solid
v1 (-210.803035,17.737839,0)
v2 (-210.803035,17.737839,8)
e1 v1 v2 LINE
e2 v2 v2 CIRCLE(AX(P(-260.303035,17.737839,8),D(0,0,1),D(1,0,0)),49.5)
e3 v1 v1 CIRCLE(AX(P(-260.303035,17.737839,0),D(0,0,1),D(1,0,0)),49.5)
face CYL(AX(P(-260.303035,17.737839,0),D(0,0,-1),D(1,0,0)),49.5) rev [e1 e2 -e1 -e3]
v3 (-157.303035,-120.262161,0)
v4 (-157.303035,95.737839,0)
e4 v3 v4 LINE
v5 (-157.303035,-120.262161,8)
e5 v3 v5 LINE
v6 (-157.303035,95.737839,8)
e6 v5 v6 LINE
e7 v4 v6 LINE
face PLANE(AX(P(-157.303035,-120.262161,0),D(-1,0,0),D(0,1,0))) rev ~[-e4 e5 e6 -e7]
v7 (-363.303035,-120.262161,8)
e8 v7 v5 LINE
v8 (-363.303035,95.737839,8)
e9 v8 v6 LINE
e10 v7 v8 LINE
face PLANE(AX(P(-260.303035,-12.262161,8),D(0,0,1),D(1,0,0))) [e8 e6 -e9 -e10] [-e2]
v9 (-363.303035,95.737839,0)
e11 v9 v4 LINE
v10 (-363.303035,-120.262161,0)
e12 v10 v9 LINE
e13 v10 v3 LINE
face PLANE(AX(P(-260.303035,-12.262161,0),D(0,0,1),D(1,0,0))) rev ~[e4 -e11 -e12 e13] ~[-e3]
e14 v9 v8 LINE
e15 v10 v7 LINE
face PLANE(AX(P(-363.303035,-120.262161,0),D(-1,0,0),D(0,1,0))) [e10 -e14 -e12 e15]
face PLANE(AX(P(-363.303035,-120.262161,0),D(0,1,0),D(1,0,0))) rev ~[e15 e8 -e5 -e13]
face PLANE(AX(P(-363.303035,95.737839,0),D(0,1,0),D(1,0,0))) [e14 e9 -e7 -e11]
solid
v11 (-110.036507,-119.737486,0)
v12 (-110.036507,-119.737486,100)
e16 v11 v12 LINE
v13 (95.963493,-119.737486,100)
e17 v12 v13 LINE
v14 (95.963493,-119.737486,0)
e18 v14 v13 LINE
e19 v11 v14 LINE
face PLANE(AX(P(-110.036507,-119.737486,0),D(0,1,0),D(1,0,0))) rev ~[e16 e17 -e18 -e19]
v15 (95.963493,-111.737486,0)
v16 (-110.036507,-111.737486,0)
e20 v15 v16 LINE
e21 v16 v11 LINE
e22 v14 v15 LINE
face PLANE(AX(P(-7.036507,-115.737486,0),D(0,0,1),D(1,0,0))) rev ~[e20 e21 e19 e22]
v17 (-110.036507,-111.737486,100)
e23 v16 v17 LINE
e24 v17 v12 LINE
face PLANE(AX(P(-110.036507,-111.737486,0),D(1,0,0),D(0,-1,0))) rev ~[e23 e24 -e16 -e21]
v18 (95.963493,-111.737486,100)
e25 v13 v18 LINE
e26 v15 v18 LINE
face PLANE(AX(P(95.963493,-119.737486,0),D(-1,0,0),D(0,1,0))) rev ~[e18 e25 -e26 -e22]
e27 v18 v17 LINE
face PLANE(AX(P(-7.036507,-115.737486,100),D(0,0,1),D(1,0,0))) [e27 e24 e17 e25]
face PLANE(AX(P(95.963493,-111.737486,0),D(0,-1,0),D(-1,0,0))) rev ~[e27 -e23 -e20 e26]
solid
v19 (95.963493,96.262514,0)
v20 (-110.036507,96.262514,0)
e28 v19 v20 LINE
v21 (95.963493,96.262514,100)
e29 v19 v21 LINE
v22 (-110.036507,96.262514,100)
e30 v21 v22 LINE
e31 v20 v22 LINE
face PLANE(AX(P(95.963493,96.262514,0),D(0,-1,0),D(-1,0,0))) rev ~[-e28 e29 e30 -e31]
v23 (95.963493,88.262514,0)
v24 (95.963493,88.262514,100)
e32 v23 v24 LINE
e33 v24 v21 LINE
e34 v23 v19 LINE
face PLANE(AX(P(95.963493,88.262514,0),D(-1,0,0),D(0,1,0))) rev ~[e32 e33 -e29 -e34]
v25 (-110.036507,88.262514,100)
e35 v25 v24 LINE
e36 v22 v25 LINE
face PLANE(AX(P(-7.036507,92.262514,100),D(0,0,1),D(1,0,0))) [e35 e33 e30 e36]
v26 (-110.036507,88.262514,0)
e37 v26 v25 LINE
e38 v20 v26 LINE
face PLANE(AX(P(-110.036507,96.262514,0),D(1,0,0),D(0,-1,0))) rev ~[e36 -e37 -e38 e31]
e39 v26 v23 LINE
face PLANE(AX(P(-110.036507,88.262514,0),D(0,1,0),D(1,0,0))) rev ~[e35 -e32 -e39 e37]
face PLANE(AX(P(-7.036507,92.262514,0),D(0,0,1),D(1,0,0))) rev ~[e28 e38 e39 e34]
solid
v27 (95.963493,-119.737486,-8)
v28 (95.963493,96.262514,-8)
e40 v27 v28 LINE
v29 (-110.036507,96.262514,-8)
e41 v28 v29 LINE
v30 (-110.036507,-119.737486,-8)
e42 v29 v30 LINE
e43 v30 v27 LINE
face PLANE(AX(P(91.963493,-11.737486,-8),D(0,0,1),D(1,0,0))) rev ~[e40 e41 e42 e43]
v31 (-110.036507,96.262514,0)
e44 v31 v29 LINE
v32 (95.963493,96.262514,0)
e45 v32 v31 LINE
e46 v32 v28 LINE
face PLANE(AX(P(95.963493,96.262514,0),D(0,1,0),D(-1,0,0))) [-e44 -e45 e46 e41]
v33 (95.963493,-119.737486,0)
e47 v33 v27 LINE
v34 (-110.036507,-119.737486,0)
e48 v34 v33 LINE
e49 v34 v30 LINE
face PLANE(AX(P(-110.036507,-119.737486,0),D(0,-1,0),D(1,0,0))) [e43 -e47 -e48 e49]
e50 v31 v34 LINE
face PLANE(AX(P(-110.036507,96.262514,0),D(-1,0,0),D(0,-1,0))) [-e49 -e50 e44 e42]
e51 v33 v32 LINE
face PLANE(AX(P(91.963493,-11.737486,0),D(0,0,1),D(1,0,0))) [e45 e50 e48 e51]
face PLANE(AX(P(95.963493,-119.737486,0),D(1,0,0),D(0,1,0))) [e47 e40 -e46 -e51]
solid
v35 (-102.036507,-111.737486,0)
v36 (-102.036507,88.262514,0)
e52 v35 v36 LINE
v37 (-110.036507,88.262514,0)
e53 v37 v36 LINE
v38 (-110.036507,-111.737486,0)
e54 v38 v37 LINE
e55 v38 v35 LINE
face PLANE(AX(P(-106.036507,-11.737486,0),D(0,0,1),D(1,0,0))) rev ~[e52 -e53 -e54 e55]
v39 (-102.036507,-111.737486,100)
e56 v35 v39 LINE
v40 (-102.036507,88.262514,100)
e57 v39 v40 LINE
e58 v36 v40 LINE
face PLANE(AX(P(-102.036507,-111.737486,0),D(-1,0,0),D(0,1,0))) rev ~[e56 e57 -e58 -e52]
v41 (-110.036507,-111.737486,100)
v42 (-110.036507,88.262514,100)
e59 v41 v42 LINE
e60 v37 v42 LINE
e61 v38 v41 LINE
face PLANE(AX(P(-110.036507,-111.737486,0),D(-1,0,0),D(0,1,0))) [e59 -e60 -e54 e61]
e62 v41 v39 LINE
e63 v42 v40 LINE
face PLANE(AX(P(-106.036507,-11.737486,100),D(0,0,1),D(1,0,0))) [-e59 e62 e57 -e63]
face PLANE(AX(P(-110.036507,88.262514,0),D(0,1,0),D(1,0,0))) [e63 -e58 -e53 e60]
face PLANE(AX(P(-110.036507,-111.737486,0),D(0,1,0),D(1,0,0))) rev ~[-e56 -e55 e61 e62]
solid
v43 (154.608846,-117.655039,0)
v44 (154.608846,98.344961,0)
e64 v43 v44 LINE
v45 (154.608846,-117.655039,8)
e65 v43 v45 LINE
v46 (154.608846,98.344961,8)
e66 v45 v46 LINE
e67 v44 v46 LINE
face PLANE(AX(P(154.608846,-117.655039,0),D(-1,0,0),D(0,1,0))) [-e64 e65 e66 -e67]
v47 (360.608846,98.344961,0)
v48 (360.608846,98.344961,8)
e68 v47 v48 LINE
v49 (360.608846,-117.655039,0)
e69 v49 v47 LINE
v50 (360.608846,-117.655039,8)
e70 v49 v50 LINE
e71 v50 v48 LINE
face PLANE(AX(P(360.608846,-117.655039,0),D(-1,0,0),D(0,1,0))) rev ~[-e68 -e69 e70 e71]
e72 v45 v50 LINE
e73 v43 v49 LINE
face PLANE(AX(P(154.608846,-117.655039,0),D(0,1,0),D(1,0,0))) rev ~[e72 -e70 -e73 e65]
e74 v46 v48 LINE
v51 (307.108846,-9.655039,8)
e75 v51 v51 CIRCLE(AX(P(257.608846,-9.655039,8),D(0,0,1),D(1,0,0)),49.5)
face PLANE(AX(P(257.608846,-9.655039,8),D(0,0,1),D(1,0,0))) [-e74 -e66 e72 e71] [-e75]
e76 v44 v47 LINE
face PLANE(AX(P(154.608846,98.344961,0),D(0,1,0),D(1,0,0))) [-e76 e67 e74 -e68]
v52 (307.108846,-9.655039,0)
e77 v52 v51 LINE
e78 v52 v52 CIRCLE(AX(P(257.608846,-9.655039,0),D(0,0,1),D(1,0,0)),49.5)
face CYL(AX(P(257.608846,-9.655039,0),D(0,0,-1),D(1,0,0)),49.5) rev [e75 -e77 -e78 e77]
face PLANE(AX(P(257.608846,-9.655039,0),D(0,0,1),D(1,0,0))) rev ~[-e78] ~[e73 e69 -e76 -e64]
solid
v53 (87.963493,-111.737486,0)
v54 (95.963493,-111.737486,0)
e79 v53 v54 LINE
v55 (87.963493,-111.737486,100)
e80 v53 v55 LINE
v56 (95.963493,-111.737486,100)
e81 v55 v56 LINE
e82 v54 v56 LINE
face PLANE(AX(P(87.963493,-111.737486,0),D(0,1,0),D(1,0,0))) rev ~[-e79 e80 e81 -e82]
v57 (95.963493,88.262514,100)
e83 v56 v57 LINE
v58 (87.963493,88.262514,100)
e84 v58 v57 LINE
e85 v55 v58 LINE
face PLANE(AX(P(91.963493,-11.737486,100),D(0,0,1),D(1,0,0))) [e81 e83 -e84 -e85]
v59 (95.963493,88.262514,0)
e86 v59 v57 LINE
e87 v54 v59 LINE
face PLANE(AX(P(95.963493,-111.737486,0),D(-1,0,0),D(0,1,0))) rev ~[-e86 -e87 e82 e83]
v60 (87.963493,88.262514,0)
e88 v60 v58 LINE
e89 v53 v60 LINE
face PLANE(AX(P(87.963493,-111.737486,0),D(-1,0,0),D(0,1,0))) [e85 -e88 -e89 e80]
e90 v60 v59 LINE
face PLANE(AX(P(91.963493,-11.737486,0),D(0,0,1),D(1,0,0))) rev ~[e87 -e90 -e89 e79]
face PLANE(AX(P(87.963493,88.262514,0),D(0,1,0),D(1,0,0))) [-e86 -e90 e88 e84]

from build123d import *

# Parameters (mm, degrees)
F3_DEPTH = 100
F2_W     = 8
F2_H     = 200
F4_DEPTH = 100
F2_W_2   = 190
F5_DEPTH = 8
F2_W_3   = 206
F2_H_2   = 216
F2_R     = 49.5
F6_DEPTH = 8
F7_DEPTH = 8


with BuildPart() as f3:
    # F2 (on Top) → F3 (new body)
    with BuildSketch(Plane.XY):
        Polygon((-110.0365072489, 88.2625139453), (-102.0365072489, 88.2625139453), (87.9634927511, 88.2625139453), (95.9634927511, 88.2625139453), (95.9634927511, 96.2625139453), (-110.0365072489, 96.2625139453), align=None)
    extrude(amount=F3_DEPTH)


with BuildPart() as f3b:
    # F2 (on Top) → F3, piece 2 (new body)
    with BuildSketch(Plane.XY):
        Polygon((87.9634927511, -111.7374860547), (-102.0365072489, -111.7374860547), (-110.0365072489, -111.7374860547), (-110.0365072489, -119.7374860547), (95.9634927511, -119.7374860547), (95.9634927511, -111.7374860547), align=None)
    extrude(amount=F3_DEPTH)


with BuildPart() as f4:
    # F2 (on Top) → F4 (new body)
    with BuildSketch(Plane.XY):
        with Locations((-106.0365072489, -11.7374860547)):
            Rectangle(F2_W, F2_H)
    extrude(amount=F4_DEPTH)


with BuildPart() as f4b:
    # F2 (on Top) → F4, piece 2 (new body)
    with BuildSketch(Plane.XY):
        with Locations((91.9634927511, -11.7374860547)):
            Rectangle(F2_W, F2_H)
    extrude(amount=F4_DEPTH)


with BuildPart() as f5:
    # F2 (on Top) → F5 (new body)
    with BuildSketch(Plane.XY):
        with Locations((91.9634927511, -11.7374860547)):
            Rectangle(F2_W, F2_H)
        Polygon((-110.0365072489, 88.2625139453), (-102.0365072489, 88.2625139453), (87.9634927511, 88.2625139453), (95.9634927511, 88.2625139453), (95.9634927511, 96.2625139453), (-110.0365072489, 96.2625139453), align=None)
        with Locations((-106.0365072489, -11.7374860547)):
            Rectangle(F2_W, F2_H)
        Polygon((87.9634927511, -111.7374860547), (-102.0365072489, -111.7374860547), (-110.0365072489, -111.7374860547), (-110.0365072489, -119.7374860547), (95.9634927511, -119.7374860547), (95.9634927511, -111.7374860547), align=None)
        with Locations((-7.0365072489, -11.7374860547)):
            Rectangle(F2_W_2, F2_H)
    extrude(amount=-F5_DEPTH)


with BuildPart() as f6:
    # F2 (on Top) → F6 (new body)
    with BuildSketch(Plane.XY):
        with Locations((-260.3030354977, -12.2621608973)):
            Rectangle(F2_W_3, F2_H_2)
        with Locations((-260.3030354977, 17.7378391027)):
            Circle(F2_R, mode=Mode.SUBTRACT)
    extrude(amount=F6_DEPTH)


with BuildPart() as f7:
    # F2 (on Top) → F7 (new body)
    with BuildSketch(Plane.XY):
        with Locations((257.6088457108, -9.6550388336)):
            Rectangle(F2_W_3, F2_H_2)
        with Locations((257.6088457108, -9.6550388336)):
            Circle(F2_R, mode=Mode.SUBTRACT)
    extrude(amount=F7_DEPTH)


solid = Compound([f3.part, f3b.part, f4.part, f4b.part, f5.part, f6.part, f7.part])
